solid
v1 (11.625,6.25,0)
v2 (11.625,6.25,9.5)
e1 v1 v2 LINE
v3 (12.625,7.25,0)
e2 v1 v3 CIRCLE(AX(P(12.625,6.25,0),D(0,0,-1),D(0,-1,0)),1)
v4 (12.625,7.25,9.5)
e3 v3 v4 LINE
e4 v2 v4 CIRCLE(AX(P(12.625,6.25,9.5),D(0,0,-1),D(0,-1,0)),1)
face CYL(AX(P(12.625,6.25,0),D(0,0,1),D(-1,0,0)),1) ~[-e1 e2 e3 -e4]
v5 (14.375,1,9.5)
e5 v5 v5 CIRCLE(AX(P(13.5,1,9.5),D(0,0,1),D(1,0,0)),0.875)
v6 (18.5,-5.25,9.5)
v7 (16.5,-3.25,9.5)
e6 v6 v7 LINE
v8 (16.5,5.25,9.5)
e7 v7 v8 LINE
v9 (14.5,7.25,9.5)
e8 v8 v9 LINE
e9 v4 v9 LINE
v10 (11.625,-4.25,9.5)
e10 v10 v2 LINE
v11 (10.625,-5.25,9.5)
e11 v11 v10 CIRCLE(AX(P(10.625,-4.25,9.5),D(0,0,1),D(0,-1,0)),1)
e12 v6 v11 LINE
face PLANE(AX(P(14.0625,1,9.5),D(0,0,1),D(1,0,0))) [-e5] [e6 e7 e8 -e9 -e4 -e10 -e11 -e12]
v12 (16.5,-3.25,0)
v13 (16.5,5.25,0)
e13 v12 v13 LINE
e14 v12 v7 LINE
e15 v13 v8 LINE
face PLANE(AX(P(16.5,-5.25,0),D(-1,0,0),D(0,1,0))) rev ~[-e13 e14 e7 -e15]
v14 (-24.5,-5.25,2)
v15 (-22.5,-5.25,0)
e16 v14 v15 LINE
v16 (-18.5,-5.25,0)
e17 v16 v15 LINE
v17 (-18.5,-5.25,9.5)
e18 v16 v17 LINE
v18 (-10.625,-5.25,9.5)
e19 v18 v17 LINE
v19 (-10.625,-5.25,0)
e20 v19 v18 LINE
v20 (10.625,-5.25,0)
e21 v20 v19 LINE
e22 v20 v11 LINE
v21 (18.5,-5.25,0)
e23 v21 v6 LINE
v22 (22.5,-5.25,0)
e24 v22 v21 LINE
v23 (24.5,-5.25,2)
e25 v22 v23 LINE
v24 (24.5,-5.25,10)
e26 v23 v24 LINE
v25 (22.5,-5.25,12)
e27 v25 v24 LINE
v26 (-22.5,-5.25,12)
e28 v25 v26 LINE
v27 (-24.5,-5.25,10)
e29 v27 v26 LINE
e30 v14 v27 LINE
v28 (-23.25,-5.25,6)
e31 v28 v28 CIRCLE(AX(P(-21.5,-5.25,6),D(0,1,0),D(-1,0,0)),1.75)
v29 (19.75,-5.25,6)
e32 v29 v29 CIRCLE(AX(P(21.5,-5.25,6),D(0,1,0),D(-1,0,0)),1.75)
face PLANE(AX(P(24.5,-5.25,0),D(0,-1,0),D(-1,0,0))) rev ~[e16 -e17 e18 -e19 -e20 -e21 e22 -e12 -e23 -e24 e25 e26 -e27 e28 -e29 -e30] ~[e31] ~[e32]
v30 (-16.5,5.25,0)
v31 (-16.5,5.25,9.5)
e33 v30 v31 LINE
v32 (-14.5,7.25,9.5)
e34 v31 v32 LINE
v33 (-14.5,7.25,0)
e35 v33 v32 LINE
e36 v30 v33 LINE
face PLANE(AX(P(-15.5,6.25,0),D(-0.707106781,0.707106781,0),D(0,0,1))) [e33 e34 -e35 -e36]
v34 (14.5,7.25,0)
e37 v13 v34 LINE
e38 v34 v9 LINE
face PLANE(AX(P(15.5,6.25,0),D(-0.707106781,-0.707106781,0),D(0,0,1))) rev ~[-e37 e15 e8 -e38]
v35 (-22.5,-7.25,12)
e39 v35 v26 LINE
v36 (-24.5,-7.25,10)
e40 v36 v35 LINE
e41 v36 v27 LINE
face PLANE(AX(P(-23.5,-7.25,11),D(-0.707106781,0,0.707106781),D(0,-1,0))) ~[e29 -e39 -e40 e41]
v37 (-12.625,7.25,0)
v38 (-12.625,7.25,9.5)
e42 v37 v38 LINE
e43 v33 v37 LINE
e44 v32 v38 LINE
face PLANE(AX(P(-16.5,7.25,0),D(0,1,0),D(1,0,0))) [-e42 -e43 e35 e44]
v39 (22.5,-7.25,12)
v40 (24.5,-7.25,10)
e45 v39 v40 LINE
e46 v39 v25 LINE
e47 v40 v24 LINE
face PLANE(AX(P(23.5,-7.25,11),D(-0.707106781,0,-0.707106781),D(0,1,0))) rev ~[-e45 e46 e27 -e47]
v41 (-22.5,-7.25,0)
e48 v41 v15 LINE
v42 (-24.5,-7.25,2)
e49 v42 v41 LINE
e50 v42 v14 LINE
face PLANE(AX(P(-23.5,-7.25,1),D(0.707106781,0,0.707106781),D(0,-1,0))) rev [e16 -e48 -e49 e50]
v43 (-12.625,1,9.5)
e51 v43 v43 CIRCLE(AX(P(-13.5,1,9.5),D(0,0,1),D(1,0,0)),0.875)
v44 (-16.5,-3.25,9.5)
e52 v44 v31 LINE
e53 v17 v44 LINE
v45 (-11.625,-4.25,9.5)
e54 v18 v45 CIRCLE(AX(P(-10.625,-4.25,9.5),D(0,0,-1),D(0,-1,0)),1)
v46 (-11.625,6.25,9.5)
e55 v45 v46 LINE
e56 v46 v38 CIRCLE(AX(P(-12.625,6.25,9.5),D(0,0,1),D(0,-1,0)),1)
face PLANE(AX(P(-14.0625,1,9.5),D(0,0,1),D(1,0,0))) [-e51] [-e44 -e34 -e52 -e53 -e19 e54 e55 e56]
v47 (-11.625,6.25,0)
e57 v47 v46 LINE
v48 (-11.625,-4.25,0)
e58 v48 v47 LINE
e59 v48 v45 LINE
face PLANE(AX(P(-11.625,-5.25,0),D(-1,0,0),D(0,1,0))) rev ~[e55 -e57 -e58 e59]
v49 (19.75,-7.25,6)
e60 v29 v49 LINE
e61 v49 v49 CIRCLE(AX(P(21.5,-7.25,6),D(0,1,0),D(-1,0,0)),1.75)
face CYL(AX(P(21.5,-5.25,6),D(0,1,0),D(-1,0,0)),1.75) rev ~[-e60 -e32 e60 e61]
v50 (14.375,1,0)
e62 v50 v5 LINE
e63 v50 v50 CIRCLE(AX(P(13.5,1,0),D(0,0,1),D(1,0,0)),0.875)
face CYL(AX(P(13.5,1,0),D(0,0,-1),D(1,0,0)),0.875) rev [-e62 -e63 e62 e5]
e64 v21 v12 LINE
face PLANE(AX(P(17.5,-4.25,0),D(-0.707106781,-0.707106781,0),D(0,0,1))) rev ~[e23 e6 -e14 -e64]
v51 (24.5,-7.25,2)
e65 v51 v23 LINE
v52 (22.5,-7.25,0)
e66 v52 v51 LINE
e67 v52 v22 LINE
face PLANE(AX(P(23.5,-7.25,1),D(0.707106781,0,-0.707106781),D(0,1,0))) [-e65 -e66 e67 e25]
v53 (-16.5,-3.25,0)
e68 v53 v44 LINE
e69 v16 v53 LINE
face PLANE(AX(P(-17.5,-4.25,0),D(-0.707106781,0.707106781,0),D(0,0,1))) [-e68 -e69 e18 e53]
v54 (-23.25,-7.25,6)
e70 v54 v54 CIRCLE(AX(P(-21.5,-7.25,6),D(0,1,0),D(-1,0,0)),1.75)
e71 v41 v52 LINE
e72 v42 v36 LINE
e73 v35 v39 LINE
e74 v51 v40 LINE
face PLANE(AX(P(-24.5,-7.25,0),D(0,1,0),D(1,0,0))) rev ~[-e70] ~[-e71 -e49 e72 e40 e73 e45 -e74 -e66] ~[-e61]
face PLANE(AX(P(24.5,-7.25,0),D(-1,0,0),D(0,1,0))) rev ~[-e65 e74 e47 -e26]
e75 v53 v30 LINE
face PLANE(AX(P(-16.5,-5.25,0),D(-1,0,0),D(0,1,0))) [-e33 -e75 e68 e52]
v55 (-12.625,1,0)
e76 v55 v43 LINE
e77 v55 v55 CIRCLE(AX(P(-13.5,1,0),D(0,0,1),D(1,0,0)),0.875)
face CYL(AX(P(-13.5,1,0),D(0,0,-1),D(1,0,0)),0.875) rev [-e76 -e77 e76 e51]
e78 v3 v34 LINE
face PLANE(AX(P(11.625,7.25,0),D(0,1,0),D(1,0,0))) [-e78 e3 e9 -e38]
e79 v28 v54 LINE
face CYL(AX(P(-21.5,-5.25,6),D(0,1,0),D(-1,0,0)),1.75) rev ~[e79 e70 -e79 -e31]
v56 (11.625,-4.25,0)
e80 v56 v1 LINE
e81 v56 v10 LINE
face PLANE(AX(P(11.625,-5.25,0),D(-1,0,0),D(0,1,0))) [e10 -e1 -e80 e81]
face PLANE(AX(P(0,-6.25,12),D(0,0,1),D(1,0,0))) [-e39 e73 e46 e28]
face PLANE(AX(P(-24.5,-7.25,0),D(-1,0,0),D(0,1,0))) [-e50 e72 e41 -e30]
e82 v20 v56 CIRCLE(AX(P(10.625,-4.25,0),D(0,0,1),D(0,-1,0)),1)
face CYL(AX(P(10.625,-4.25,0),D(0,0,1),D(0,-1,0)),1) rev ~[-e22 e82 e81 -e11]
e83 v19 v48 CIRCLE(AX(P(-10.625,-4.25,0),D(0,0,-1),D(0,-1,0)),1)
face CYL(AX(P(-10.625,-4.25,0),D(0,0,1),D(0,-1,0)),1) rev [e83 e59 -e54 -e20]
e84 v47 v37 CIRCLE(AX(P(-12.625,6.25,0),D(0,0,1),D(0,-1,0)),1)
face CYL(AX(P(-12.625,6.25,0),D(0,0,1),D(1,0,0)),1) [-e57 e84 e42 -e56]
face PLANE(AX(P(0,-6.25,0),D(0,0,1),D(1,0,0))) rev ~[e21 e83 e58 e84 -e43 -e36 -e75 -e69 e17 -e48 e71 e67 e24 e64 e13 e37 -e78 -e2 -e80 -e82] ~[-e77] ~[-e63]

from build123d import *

# Parameters (mm, degrees)
F0_W     = 8
F0_H     = 2
F1_DEPTH = 12
F0_W_2   = 4.875
F0_H_2   = 12.5
F0_R     = 0.875
F2_DEPTH = 9.5
F3_SIZE  = 2
F4_R     = 1.75
F5_DEPTH = 2
F6_R     = 1


with BuildPart() as f1:
    # F0 (on Top) → F1 (new body)
    with BuildSketch(Plane.XY):
        Polygon((-11.625, -5.25), (-16.5, -5.25), (-16.5, -7.25), (16.5, -7.25), (16.5, -5.25), (11.625, -5.25), align=None)
        with Locations((-20.5, -6.25)):
            Rectangle(F0_W, F0_H)
        with Locations((20.5, -6.25)):
            Rectangle(F0_W, F0_H)
    extrude(amount=F1_DEPTH)

    # F0 (on Top) → F2 (join)
    with BuildSketch(Plane.XY):
        with Locations((-14.0625, 1)):
            Rectangle(F0_W_2, F0_H_2)
        with Locations((-13.5, 1)):
            Circle(F0_R, mode=Mode.SUBTRACT)
        with Locations((14.0625, 1)):
            Rectangle(F0_W_2, F0_H_2)
        with Locations((13.5, 1)):
            Circle(F0_R, mode=Mode.SUBTRACT)
    extrude(amount=F2_DEPTH)

    # F3
    f3_edges = [f1.edges().sort_by_distance(p)[0] for p in [
        (-16.5, 7.25, 4.75),
        (16.5, 7.25, 4.75),
        (-24.5, -6.25, 12),
        (-24.5, -6.25, 0),
        (24.5, -6.25, 12),
        (24.5, -6.25, 0),
        (-16.5, -5.25, 4.75),
        (16.5, -5.25, 4.75),
    ]]
    chamfer(f3_edges, length=F3_SIZE)

    # F4 (on face) → F5 (cut, through all)
    with BuildSketch(Plane(origin=(0, -5.25, 0), x_dir=(-1, 0, 0), z_dir=(0, 1, 0))):
        with Locations((21.5, 6)):
            Circle(F4_R)
        with Locations((-21.5, 6)):
            Circle(F4_R)
    extrude(amount=-F5_DEPTH, mode=Mode.SUBTRACT)

    # F6
    f6_edges = [f1.edges().sort_by_distance(p)[0] for p in [
        (11.625, -5.25, 4.75),
        (-11.625, -5.25, 4.75),
        (-11.625, 7.25, 4.75),
        (11.625, 7.25, 4.75),
    ]]
    fillet(f6_edges, radius=F6_R)


solid = f1.part
